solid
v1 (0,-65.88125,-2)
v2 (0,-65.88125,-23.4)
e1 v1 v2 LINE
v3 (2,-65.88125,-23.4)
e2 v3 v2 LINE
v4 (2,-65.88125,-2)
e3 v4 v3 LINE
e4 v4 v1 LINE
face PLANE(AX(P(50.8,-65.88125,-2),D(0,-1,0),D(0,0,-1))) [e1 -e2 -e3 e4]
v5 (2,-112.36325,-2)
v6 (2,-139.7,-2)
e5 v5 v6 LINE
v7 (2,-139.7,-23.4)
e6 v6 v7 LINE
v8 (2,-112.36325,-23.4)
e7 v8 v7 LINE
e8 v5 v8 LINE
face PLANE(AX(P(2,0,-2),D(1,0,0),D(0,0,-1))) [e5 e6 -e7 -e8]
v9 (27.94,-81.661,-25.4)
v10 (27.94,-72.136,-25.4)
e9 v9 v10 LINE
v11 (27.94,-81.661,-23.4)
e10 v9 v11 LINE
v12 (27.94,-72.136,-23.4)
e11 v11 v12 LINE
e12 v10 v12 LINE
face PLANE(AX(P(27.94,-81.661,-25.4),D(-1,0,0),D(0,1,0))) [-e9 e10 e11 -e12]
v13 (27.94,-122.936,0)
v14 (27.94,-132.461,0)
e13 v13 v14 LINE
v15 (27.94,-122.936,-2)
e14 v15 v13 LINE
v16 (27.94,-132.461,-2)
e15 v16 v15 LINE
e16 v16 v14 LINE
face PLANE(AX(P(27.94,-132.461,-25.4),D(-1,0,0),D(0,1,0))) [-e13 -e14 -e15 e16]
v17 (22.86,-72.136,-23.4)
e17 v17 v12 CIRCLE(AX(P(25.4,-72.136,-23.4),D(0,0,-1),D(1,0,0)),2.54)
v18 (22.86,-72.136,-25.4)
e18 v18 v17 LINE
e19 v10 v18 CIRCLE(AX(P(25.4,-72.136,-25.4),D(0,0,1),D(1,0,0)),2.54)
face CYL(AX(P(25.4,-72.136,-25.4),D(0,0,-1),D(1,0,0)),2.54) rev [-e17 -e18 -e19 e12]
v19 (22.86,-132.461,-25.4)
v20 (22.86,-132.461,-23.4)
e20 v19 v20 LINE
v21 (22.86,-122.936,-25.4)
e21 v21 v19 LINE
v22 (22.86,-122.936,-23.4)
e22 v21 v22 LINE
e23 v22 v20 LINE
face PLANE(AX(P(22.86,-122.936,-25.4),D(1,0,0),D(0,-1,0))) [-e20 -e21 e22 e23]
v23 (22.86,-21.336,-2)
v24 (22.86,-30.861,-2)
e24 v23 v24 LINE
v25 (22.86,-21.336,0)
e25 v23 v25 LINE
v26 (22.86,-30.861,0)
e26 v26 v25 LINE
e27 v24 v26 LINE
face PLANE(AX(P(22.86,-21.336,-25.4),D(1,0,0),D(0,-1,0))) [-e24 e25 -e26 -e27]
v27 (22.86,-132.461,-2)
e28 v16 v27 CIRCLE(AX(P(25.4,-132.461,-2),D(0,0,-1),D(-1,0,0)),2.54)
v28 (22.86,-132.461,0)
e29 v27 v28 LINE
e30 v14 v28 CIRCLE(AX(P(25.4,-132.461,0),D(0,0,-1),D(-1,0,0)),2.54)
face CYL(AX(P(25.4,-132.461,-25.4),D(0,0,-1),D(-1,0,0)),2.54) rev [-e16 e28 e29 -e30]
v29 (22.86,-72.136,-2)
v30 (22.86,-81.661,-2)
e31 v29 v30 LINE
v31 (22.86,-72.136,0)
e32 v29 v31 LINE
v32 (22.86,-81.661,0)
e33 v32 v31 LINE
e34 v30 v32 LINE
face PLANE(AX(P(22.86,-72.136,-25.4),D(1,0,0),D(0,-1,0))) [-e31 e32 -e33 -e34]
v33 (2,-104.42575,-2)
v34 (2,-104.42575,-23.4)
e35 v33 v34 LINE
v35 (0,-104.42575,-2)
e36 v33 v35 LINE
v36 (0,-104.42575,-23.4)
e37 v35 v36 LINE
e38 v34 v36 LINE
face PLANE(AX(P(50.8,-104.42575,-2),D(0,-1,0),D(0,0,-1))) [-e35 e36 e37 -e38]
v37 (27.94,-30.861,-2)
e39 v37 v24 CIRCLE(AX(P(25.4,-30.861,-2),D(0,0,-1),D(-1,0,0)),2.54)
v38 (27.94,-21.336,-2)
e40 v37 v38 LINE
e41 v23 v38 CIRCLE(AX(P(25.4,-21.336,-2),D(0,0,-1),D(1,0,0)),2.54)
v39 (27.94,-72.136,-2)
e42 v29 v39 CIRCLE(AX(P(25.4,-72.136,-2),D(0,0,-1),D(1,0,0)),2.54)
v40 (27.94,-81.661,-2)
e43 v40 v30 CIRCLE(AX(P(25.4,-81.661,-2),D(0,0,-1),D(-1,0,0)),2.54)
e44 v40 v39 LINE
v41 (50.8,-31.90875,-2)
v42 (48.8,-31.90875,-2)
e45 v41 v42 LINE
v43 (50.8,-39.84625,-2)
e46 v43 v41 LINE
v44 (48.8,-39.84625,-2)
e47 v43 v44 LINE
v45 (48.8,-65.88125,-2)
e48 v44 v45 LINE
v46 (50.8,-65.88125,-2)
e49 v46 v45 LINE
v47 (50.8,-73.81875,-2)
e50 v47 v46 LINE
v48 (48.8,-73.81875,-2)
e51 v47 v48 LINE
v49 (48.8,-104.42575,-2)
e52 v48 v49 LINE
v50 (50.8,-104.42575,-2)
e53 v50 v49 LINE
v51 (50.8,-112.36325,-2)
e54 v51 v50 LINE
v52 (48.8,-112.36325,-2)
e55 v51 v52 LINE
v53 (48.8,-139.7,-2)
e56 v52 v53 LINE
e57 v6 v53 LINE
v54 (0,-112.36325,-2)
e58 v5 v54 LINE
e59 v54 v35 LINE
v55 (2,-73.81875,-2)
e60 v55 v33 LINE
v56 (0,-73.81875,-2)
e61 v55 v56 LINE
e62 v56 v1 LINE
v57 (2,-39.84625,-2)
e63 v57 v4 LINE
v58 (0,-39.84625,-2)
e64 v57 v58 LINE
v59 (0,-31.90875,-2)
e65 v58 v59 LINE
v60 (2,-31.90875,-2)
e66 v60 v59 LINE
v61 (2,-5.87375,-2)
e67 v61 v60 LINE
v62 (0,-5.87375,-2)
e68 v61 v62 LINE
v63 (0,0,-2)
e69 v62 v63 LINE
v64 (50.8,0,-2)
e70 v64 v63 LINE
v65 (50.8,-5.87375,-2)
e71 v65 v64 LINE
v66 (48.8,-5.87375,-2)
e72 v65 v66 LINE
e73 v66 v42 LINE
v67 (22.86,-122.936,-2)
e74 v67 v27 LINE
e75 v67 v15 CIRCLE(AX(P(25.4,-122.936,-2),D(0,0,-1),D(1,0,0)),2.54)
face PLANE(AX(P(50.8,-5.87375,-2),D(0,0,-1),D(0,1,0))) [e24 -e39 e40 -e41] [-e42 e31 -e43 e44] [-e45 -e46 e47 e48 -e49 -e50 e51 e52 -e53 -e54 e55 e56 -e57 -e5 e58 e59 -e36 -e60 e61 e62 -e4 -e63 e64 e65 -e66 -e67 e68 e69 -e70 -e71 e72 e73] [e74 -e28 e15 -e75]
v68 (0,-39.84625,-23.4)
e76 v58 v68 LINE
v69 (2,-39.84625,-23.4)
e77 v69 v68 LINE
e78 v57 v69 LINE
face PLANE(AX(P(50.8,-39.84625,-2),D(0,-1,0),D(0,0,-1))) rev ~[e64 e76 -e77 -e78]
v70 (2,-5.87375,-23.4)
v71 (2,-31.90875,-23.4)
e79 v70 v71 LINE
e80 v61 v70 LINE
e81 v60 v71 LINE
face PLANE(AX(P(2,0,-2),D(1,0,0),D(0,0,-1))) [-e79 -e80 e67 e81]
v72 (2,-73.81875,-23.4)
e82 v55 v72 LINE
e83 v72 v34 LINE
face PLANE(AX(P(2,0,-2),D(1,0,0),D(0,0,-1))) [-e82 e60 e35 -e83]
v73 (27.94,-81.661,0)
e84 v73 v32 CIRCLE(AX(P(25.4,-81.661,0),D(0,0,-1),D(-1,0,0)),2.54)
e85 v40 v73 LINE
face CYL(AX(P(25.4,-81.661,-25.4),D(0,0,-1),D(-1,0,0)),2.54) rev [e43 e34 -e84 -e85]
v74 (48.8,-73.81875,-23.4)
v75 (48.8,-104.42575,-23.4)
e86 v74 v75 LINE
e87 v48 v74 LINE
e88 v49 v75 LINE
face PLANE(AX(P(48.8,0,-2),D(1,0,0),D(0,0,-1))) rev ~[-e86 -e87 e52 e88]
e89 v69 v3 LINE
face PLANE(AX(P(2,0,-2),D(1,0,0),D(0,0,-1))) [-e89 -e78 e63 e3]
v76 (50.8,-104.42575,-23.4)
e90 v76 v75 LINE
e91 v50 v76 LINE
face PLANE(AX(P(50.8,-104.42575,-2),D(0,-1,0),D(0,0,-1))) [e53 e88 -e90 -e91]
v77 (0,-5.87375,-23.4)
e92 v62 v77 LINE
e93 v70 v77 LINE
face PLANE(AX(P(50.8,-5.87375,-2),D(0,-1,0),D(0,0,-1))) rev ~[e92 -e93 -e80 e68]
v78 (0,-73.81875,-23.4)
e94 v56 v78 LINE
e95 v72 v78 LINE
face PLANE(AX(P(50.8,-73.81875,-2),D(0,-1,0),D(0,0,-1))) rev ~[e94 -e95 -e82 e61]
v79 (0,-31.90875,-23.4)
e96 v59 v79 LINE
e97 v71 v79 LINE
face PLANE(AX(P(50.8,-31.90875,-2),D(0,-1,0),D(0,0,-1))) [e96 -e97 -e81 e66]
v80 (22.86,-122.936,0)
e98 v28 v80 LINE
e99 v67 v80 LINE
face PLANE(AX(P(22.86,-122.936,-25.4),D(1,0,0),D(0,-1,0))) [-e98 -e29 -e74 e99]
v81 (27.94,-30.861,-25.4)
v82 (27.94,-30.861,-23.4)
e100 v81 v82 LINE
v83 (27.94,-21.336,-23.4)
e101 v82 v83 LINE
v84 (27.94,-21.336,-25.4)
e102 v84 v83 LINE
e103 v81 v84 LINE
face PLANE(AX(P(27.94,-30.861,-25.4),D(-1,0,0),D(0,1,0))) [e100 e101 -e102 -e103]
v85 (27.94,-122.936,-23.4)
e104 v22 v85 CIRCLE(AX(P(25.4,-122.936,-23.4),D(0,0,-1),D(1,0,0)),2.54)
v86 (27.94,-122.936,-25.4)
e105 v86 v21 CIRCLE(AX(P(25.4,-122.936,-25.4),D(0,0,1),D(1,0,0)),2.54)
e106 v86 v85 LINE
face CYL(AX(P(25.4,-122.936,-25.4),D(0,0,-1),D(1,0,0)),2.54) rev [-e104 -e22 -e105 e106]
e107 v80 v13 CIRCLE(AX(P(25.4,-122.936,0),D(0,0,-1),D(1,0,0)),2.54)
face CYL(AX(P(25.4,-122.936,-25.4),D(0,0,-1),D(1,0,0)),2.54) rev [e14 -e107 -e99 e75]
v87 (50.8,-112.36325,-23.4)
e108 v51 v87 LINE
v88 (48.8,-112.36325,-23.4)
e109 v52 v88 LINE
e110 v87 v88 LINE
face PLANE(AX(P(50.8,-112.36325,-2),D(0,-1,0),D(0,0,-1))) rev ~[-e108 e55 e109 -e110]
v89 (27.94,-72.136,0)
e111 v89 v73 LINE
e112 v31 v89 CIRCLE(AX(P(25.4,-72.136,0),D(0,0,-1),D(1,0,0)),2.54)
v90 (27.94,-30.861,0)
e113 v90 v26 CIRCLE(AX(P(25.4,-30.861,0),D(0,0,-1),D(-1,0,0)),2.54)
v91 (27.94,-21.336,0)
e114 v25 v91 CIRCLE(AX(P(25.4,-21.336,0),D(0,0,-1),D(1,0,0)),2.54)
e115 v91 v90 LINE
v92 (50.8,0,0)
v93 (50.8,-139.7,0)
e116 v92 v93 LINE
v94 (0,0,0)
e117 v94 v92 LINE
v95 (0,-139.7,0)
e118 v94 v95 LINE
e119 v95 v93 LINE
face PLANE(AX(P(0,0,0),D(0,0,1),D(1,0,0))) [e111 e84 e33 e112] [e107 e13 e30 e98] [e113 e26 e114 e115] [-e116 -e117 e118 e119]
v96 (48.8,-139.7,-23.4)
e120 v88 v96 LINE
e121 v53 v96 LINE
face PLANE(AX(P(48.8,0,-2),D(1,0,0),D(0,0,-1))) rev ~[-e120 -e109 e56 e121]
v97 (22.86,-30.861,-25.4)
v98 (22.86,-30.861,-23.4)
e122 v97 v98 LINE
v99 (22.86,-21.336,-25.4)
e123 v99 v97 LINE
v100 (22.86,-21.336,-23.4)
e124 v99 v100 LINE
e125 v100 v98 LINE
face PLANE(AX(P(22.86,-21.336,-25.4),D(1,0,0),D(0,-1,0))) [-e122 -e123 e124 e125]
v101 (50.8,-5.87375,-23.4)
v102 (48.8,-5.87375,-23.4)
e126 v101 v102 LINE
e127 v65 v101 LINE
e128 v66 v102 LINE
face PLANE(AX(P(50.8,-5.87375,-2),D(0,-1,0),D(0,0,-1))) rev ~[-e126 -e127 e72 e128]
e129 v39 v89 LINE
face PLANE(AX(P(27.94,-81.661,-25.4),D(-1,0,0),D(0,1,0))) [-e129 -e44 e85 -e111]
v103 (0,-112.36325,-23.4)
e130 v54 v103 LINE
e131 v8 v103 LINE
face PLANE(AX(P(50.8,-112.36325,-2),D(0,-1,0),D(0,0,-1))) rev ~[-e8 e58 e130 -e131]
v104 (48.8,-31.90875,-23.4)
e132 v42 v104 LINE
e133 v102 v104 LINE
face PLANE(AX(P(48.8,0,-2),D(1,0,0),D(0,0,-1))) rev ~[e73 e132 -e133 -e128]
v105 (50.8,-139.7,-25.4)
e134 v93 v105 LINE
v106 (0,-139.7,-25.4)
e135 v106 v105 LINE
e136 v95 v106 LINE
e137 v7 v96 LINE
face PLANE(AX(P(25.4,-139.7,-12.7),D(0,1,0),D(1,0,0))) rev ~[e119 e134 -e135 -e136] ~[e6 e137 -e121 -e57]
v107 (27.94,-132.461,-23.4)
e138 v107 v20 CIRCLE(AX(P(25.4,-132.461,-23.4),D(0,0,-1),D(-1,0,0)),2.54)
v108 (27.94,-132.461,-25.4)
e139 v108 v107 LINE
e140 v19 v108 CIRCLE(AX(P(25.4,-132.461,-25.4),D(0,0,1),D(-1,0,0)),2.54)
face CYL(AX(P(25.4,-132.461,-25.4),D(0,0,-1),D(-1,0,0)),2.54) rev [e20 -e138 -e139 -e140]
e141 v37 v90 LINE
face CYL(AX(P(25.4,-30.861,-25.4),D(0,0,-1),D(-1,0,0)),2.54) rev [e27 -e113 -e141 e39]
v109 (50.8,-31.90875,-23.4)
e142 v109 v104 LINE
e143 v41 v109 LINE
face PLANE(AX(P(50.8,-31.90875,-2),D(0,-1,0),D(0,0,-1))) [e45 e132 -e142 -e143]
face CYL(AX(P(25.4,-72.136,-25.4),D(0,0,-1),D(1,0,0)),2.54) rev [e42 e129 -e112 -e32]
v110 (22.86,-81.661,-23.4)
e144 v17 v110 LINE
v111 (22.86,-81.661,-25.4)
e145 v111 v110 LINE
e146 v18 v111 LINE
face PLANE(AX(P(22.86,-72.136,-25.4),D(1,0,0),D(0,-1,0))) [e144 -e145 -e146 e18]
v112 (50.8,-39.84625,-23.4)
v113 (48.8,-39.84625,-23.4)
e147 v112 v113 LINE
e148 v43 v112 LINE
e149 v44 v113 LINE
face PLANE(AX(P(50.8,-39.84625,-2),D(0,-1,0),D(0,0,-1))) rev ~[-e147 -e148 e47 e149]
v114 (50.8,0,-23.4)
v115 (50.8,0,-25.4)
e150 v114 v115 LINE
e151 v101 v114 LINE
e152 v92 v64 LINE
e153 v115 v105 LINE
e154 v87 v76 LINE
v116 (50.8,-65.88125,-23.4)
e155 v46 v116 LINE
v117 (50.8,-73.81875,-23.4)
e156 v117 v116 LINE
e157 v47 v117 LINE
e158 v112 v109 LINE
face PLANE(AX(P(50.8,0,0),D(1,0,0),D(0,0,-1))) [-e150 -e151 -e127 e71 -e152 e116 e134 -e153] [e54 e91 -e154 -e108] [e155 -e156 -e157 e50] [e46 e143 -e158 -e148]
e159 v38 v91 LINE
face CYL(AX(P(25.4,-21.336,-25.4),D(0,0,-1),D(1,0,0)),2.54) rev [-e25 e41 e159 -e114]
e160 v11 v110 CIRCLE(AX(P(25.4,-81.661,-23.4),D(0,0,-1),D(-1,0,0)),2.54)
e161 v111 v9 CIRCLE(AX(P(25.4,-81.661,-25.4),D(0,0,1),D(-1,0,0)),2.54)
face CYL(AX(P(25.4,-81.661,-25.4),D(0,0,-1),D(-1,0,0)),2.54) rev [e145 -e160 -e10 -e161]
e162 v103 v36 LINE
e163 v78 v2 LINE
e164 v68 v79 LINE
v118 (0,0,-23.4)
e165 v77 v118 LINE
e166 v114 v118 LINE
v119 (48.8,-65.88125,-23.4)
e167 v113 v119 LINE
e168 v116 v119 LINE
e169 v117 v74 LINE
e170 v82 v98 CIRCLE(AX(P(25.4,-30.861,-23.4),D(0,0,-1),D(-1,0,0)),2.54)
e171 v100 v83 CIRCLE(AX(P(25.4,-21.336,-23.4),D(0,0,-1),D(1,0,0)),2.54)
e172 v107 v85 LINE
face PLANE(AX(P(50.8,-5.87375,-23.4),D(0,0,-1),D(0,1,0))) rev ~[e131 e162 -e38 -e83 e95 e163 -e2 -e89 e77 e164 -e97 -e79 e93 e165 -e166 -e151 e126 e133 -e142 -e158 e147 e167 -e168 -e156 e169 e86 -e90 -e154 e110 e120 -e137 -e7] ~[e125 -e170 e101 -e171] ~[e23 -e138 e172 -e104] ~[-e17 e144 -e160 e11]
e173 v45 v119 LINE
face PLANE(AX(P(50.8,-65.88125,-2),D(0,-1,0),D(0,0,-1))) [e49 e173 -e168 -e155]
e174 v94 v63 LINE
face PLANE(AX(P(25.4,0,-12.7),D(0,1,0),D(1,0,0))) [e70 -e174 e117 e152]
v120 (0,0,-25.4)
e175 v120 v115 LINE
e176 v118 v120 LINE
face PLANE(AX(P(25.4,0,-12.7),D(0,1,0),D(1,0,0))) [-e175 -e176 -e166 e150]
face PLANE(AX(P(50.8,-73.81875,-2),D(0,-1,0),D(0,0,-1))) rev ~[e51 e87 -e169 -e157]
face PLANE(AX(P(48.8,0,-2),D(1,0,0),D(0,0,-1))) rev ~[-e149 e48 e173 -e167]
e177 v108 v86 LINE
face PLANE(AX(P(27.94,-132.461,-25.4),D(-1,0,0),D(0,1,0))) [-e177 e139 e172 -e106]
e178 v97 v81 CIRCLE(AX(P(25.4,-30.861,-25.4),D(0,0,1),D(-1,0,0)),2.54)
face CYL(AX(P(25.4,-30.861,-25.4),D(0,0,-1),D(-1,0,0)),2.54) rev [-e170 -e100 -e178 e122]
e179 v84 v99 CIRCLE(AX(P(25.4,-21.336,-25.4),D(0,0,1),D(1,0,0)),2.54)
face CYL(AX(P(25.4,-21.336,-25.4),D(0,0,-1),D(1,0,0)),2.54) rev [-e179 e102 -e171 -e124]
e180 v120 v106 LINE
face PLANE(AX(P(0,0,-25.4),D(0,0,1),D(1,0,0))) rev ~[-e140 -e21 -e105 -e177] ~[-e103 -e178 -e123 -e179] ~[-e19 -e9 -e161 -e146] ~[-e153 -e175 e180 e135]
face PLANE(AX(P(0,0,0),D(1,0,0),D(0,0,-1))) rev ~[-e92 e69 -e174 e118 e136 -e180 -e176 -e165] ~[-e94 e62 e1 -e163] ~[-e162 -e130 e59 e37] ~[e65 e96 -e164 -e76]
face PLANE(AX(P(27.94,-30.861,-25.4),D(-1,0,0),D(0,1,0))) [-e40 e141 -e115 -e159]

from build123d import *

# Parameters (mm, degrees)
SKETCH1_W           = 50.8
SKETCH1_H           = 25.4
SKETCH1_W_2         = 46.8
SKETCH1_H_2         = 21.4
BOSS_EXTRUDE1_DEPTH = 139.7
SKETCH2_W           = 21.4
SKETCH2_H           = 7.9375
CUT_EXTRUDE1_DEPTH  = 151.804144505
LPATTERN1_COUNT     = 3
LPATTERN1_PITCH     = 33.9725
LPATTERN1_COL_COUNT = 2
LPATTERN1_COL_PITCH = 38.5445
CUT_EXTRUDE2_DEPTH  = 151.804144505
LPATTERN2_COUNT     = 3
LPATTERN2_PITCH     = 50.8


with BuildPart() as part:
    # Sketch1 → Boss-Extrude1 (new body)
    with BuildSketch(Plane(origin=(0, 0, 0), x_dir=(1, 0, 0), z_dir=(0, 1, 0))):
        with Locations((25.4, 12.7)):
            Rectangle(SKETCH1_W, SKETCH1_H)
        with Locations((25.4, 12.7)):
            Rectangle(SKETCH1_W_2, SKETCH1_H_2, mode=Mode.SUBTRACT)
    extrude(amount=-BOSS_EXTRUDE1_DEPTH)

    # Sketch2 → Cut-Extrude1 (cut, through all)
    with BuildSketch(Plane(origin=(50.8, 0, 0), x_dir=(0, 0, -1), z_dir=(1, 0, 0))):
        with Locations((12.7, -69.85)):
            Rectangle(SKETCH2_W, SKETCH2_H)
    cut_extrude1 = extrude(amount=-CUT_EXTRUDE1_DEPTH, mode=Mode.SUBTRACT)

    # LPattern1: Cut-Extrude1 ×3
    with Locations(*[(0, i * LPATTERN1_PITCH, 0) for i in range(1, LPATTERN1_COUNT)]):
        add(cut_extrude1, mode=Mode.SUBTRACT)

    # LPattern1 col: Cut-Extrude1 ×2
    with Locations(*[(0, -i * LPATTERN1_COL_PITCH, 0) for i in range(1, LPATTERN1_COL_COUNT)]):
        add(cut_extrude1, mode=Mode.SUBTRACT)

    # Sketch3 → Cut-Extrude2 (cut, through all)
    with BuildSketch(Plane(origin=(0, 0, -25.4), x_dir=(-1, 0, 0), z_dir=(0, 0, -1))):
        with BuildLine():
            Line((-22.86, -21.336), (-22.86, -30.861))
            ThreePointArc((-22.86, -30.861), (-25.4, -33.401), (-27.94, -30.861))
            Line((-27.94, -30.861), (-27.94, -21.336))
            ThreePointArc((-27.94, -21.336), (-25.4, -18.796), (-22.86, -21.336))
        make_face()
    cut_extrude2 = extrude(amount=-CUT_EXTRUDE2_DEPTH, mode=Mode.SUBTRACT)

    # LPattern2: Cut-Extrude2 ×3
    with Locations(*[(0, -i * LPATTERN2_PITCH, 0) for i in range(1, LPATTERN2_COUNT)]):
        add(cut_extrude2, mode=Mode.SUBTRACT)


solid = part.part
